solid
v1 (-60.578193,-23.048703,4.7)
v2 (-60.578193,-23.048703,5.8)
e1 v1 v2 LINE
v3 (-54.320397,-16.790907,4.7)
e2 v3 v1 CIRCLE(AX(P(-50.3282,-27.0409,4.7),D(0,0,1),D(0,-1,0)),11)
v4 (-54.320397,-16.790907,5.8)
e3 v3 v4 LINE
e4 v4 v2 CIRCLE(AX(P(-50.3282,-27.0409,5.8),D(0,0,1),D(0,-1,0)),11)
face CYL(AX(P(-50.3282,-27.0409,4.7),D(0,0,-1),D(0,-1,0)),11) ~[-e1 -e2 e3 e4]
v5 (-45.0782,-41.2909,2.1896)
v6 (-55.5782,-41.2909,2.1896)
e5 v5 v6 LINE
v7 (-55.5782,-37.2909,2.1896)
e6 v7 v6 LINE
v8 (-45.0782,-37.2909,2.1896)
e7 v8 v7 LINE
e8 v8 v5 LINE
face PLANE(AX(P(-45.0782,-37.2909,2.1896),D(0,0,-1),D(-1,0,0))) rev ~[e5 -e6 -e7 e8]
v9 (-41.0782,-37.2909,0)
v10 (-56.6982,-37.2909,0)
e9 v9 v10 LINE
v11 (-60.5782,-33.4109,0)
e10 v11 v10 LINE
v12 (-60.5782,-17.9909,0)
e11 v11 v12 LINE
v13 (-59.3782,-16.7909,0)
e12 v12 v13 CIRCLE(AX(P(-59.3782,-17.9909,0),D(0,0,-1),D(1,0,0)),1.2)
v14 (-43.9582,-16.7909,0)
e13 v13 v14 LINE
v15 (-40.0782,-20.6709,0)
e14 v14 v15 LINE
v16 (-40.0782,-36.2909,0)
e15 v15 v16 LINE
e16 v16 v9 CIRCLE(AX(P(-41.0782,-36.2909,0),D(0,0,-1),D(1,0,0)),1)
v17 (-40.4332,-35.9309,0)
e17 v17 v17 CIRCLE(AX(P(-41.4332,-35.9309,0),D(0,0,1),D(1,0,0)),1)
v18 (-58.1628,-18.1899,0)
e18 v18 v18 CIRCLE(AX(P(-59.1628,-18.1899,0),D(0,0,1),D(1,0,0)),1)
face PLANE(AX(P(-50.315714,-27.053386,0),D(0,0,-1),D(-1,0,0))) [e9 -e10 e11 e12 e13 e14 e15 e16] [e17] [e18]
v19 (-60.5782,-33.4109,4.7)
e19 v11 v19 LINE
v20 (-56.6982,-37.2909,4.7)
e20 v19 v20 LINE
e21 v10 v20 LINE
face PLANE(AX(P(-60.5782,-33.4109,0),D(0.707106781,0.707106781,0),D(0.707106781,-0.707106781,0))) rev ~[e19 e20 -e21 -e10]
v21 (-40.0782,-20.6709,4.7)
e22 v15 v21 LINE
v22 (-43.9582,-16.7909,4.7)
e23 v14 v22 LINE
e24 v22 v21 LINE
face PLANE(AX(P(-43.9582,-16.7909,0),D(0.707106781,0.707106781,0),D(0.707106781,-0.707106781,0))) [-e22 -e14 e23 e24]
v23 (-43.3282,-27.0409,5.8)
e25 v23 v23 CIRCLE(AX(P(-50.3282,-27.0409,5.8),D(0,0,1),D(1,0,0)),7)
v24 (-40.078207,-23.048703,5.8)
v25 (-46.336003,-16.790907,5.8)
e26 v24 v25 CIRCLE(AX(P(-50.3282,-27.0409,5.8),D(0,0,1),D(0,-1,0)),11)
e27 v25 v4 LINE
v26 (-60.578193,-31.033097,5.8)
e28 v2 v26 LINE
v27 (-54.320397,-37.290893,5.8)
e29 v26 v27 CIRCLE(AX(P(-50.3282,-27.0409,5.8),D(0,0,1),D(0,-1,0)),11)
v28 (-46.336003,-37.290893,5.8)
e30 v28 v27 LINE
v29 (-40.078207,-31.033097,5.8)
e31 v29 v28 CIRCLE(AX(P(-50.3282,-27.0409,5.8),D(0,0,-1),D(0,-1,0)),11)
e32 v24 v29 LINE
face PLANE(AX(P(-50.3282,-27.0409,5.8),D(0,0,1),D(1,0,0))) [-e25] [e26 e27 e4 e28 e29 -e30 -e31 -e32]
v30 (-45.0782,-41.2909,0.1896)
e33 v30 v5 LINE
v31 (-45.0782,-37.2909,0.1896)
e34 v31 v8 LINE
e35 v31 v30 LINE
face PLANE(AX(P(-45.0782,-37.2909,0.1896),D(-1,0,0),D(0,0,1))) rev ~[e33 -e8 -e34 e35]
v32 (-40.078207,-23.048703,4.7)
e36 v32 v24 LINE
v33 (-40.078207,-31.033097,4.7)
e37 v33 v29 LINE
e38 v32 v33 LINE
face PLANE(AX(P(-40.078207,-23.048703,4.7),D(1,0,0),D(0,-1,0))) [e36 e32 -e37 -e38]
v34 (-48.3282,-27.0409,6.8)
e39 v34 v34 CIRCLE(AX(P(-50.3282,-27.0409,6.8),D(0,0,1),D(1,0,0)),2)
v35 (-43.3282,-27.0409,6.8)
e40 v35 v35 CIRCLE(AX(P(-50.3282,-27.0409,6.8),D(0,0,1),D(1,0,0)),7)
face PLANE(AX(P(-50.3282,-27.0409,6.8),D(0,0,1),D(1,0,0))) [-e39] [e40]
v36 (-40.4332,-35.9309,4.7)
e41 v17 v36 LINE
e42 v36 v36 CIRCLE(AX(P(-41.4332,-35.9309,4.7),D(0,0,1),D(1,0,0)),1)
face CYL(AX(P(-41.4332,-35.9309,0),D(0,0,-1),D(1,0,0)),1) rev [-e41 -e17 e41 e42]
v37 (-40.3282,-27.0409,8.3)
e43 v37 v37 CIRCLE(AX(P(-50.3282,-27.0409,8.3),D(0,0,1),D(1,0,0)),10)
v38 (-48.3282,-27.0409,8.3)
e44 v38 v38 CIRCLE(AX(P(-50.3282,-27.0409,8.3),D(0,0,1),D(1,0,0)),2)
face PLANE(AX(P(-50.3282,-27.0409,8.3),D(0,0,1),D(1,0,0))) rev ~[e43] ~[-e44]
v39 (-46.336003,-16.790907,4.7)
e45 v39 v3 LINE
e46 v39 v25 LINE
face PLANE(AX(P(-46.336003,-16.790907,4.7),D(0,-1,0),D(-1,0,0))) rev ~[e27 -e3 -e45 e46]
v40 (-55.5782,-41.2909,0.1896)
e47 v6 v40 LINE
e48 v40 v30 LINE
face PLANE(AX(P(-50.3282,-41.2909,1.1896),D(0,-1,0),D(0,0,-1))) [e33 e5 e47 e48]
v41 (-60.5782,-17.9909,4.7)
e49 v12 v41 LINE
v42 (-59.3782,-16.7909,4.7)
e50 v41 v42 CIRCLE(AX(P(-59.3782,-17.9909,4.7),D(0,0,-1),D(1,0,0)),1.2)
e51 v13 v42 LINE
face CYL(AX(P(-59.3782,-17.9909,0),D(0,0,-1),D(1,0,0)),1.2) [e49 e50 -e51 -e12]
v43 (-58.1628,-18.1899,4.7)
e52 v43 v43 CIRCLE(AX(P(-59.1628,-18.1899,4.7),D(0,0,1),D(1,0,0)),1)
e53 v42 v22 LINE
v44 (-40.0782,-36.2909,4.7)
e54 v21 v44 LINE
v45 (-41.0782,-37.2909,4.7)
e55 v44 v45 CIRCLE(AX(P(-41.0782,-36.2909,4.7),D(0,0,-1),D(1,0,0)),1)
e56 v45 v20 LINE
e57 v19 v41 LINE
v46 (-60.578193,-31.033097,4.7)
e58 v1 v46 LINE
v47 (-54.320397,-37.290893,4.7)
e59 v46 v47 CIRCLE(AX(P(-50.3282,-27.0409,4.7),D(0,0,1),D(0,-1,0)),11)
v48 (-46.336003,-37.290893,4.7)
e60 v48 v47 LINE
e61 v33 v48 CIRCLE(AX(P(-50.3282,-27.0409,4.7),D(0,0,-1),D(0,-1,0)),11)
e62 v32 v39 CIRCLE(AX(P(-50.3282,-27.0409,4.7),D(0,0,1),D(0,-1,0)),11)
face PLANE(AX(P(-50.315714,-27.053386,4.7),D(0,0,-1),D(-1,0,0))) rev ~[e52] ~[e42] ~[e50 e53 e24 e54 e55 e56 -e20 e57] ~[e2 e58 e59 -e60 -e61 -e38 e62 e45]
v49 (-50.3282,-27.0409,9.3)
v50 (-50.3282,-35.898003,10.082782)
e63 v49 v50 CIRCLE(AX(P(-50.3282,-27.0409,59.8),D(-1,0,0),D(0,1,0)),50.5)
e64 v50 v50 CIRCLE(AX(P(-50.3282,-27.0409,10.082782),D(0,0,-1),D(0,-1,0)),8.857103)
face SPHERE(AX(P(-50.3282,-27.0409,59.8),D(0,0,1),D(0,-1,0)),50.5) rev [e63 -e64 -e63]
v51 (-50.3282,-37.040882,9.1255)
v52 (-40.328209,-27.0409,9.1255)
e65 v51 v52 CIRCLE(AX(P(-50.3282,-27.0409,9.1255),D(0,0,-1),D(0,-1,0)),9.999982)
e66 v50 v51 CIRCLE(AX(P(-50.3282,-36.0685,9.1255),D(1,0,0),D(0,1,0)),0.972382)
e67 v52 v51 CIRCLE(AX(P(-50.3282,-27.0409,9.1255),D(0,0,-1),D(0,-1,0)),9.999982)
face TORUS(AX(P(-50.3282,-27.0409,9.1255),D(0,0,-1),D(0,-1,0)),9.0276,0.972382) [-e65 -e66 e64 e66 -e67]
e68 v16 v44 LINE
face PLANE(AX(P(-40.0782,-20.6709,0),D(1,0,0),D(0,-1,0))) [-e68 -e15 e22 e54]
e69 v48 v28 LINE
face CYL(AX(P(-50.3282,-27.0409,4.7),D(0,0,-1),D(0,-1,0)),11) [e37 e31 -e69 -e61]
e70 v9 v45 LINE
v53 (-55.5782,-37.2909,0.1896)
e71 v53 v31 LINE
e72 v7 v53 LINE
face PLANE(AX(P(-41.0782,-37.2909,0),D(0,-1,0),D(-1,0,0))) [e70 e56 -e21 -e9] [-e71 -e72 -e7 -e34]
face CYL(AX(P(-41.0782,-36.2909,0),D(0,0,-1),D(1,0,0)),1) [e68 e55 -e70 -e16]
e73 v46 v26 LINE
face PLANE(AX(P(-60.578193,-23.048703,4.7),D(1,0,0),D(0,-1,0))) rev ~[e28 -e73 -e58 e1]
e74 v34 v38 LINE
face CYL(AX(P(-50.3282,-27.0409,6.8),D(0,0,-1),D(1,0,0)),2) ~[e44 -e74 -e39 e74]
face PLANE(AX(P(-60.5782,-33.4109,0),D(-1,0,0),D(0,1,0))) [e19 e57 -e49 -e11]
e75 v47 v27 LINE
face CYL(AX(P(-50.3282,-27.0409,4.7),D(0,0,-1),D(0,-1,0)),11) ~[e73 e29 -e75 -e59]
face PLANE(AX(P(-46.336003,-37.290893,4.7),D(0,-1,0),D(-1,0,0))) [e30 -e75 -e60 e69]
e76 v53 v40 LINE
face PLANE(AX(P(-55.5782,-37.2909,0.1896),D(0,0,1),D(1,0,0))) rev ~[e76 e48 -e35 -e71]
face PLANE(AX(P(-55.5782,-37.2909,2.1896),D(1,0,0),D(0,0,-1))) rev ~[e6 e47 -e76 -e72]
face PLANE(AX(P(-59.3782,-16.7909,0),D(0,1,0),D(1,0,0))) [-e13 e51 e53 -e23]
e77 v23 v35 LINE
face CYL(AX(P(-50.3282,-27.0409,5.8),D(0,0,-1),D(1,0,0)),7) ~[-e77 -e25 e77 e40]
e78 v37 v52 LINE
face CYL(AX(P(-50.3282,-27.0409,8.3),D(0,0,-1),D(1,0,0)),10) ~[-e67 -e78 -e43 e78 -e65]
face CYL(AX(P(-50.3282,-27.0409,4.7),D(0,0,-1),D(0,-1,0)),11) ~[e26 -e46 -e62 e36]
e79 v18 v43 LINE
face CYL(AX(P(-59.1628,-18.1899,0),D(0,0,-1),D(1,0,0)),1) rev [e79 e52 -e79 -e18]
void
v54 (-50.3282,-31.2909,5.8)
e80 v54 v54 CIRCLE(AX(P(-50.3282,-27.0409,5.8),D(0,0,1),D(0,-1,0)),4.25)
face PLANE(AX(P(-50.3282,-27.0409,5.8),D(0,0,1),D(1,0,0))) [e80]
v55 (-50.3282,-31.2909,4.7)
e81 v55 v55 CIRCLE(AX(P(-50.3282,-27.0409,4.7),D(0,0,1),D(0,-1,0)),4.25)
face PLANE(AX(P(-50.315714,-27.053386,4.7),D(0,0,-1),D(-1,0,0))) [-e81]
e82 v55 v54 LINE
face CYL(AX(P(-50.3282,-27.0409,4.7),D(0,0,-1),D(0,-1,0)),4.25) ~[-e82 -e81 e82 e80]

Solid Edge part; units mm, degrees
sketch "Sketch1" plane through (0, 0, 0) normal (0, 0, 1) x (1, 0, 0)
  circle A0 centre (-59.1628, -18.1899) radius 1
  line L0 (-40.0782, -20.6709) -> (-40.0782, -36.2909)
  arc A1 (-40.0782, -36.2909) -> (-41.0782, -37.2909) centre (-41.0782, -36.2909) cw
  line L1 (-41.0782, -37.2909) -> (-56.6982, -37.2909)
  line L2 (-60.5782, -33.4109) -> (-56.6982, -37.2909)
  line L3 (-60.5782, -33.4109) -> (-60.5782, -17.9909)
  arc A2 (-60.5782, -17.9909) -> (-59.3782, -16.7909) centre (-59.3782, -17.9909) cw
  line L4 (-59.3782, -16.7909) -> (-43.9582, -16.7909)
  line L5 (-43.9582, -16.7909) -> (-40.0782, -20.6709)
  circle A3 centre (-41.4332, -35.9309) radius 1
extrude "Protrusion1" add sketch "Sketch1" along normal blind 4.7
sketch "Sketch2" plane through (-50.3282, -27.0409, 4.7) normal (0, 0, 1) x (0, -1, 0)
  circle A0 centre (0, 0) radius 4.25
  arc A1 (-10.25, -3.9922) -> (-3.9922, -10.25) centre (0, 0) ccw
  line L0 (-3.9922, -10.25) -> (3.9922, -10.25)
  arc A2 (3.9922, -10.25) -> (10.25, -3.9922) centre (0, 0) ccw
  line L1 (10.25, 3.9922) -> (10.25, -3.9922)
  arc A3 (3.9922, 10.25) -> (10.25, 3.9922) centre (0, 0) cw
  line L2 (-3.9922, 10.25) -> (3.9922, 10.25)
  arc A4 (-3.9922, 10.25) -> (-10.25, 3.9922) centre (0, 0) ccw
  line L3 (-10.25, 3.9922) -> (-10.25, -3.9922)
extrude "ExtrudedProtrusion_2" add sketch "Sketch2" along normal blind 1.1
sketch "Sketch3" plane through (-50.3282, -27.0409, 5.8) normal (0, 0, 1) x (1, 0, 0)
  circle A0 centre (0, 0) radius 7
extrude "ExtrudedProtrusion_3" add sketch "Sketch3" along normal blind 1
sketch "Sketch4" plane through (-50.3282, -27.0409, 6.8) normal (0, 0, 1) x (1, 0, 0)
  circle A0 centre (0, 0) radius 2
extrude "ExtrudedProtrusion_4" add sketch "Sketch4" along normal blind 1.5
sketch "Sketch5" plane through (-50.3282, -27.0409, 8.3) normal (0, 0, 1) x (1, 0, 0)
  circle A0 centre (0, 0) radius 10
extrude "ExtrudedProtrusion_5" add sketch "Sketch5" along normal blind 2
sketch "Sketch6" plane through (-50.3282, 0, 0) normal (1, 0, 0) x (0, 1, 0)
  line L0 (-37.0409, 9.1255) -> (-37.0409, 10.3)
  line L1 (-37.0409, 10.3) -> (-27.0409, 10.3)
  line L2 (-27.0409, 10.3) -> (-27.0409, 4.8545)
  arc A0 (-27.0409, 9.3) -> (-35.898, 10.0828) centre (-27.0409, 59.8) cw
  arc A1 (-35.898, 10.0828) -> (-37.0409, 9.1255) centre (-36.0685, 9.1255) ccw
revolve "RevolvedCutout1" cut sketch "Sketch6" angle 360 about axis through (-50.3282, -27.0409, 10.3) along (0, 0, -1)
sketch "Sketch7" plane through (-48.8882, -37.2909, 2.9) normal (0, -1, 0) x (1, 0, 0)
  line L0 (-6.69, -0.7104) -> (-6.69, -2.7104)
  line L1 (-6.69, -2.7104) -> (3.81, -2.7104)
  line L2 (3.81, -2.7104) -> (3.81, -0.7104)
  line L3 (3.81, -0.7104) -> (-6.69, -0.7104)
extrude "ExtrudedProtrusion_6" add sketch "Sketch7" along normal blind 4
